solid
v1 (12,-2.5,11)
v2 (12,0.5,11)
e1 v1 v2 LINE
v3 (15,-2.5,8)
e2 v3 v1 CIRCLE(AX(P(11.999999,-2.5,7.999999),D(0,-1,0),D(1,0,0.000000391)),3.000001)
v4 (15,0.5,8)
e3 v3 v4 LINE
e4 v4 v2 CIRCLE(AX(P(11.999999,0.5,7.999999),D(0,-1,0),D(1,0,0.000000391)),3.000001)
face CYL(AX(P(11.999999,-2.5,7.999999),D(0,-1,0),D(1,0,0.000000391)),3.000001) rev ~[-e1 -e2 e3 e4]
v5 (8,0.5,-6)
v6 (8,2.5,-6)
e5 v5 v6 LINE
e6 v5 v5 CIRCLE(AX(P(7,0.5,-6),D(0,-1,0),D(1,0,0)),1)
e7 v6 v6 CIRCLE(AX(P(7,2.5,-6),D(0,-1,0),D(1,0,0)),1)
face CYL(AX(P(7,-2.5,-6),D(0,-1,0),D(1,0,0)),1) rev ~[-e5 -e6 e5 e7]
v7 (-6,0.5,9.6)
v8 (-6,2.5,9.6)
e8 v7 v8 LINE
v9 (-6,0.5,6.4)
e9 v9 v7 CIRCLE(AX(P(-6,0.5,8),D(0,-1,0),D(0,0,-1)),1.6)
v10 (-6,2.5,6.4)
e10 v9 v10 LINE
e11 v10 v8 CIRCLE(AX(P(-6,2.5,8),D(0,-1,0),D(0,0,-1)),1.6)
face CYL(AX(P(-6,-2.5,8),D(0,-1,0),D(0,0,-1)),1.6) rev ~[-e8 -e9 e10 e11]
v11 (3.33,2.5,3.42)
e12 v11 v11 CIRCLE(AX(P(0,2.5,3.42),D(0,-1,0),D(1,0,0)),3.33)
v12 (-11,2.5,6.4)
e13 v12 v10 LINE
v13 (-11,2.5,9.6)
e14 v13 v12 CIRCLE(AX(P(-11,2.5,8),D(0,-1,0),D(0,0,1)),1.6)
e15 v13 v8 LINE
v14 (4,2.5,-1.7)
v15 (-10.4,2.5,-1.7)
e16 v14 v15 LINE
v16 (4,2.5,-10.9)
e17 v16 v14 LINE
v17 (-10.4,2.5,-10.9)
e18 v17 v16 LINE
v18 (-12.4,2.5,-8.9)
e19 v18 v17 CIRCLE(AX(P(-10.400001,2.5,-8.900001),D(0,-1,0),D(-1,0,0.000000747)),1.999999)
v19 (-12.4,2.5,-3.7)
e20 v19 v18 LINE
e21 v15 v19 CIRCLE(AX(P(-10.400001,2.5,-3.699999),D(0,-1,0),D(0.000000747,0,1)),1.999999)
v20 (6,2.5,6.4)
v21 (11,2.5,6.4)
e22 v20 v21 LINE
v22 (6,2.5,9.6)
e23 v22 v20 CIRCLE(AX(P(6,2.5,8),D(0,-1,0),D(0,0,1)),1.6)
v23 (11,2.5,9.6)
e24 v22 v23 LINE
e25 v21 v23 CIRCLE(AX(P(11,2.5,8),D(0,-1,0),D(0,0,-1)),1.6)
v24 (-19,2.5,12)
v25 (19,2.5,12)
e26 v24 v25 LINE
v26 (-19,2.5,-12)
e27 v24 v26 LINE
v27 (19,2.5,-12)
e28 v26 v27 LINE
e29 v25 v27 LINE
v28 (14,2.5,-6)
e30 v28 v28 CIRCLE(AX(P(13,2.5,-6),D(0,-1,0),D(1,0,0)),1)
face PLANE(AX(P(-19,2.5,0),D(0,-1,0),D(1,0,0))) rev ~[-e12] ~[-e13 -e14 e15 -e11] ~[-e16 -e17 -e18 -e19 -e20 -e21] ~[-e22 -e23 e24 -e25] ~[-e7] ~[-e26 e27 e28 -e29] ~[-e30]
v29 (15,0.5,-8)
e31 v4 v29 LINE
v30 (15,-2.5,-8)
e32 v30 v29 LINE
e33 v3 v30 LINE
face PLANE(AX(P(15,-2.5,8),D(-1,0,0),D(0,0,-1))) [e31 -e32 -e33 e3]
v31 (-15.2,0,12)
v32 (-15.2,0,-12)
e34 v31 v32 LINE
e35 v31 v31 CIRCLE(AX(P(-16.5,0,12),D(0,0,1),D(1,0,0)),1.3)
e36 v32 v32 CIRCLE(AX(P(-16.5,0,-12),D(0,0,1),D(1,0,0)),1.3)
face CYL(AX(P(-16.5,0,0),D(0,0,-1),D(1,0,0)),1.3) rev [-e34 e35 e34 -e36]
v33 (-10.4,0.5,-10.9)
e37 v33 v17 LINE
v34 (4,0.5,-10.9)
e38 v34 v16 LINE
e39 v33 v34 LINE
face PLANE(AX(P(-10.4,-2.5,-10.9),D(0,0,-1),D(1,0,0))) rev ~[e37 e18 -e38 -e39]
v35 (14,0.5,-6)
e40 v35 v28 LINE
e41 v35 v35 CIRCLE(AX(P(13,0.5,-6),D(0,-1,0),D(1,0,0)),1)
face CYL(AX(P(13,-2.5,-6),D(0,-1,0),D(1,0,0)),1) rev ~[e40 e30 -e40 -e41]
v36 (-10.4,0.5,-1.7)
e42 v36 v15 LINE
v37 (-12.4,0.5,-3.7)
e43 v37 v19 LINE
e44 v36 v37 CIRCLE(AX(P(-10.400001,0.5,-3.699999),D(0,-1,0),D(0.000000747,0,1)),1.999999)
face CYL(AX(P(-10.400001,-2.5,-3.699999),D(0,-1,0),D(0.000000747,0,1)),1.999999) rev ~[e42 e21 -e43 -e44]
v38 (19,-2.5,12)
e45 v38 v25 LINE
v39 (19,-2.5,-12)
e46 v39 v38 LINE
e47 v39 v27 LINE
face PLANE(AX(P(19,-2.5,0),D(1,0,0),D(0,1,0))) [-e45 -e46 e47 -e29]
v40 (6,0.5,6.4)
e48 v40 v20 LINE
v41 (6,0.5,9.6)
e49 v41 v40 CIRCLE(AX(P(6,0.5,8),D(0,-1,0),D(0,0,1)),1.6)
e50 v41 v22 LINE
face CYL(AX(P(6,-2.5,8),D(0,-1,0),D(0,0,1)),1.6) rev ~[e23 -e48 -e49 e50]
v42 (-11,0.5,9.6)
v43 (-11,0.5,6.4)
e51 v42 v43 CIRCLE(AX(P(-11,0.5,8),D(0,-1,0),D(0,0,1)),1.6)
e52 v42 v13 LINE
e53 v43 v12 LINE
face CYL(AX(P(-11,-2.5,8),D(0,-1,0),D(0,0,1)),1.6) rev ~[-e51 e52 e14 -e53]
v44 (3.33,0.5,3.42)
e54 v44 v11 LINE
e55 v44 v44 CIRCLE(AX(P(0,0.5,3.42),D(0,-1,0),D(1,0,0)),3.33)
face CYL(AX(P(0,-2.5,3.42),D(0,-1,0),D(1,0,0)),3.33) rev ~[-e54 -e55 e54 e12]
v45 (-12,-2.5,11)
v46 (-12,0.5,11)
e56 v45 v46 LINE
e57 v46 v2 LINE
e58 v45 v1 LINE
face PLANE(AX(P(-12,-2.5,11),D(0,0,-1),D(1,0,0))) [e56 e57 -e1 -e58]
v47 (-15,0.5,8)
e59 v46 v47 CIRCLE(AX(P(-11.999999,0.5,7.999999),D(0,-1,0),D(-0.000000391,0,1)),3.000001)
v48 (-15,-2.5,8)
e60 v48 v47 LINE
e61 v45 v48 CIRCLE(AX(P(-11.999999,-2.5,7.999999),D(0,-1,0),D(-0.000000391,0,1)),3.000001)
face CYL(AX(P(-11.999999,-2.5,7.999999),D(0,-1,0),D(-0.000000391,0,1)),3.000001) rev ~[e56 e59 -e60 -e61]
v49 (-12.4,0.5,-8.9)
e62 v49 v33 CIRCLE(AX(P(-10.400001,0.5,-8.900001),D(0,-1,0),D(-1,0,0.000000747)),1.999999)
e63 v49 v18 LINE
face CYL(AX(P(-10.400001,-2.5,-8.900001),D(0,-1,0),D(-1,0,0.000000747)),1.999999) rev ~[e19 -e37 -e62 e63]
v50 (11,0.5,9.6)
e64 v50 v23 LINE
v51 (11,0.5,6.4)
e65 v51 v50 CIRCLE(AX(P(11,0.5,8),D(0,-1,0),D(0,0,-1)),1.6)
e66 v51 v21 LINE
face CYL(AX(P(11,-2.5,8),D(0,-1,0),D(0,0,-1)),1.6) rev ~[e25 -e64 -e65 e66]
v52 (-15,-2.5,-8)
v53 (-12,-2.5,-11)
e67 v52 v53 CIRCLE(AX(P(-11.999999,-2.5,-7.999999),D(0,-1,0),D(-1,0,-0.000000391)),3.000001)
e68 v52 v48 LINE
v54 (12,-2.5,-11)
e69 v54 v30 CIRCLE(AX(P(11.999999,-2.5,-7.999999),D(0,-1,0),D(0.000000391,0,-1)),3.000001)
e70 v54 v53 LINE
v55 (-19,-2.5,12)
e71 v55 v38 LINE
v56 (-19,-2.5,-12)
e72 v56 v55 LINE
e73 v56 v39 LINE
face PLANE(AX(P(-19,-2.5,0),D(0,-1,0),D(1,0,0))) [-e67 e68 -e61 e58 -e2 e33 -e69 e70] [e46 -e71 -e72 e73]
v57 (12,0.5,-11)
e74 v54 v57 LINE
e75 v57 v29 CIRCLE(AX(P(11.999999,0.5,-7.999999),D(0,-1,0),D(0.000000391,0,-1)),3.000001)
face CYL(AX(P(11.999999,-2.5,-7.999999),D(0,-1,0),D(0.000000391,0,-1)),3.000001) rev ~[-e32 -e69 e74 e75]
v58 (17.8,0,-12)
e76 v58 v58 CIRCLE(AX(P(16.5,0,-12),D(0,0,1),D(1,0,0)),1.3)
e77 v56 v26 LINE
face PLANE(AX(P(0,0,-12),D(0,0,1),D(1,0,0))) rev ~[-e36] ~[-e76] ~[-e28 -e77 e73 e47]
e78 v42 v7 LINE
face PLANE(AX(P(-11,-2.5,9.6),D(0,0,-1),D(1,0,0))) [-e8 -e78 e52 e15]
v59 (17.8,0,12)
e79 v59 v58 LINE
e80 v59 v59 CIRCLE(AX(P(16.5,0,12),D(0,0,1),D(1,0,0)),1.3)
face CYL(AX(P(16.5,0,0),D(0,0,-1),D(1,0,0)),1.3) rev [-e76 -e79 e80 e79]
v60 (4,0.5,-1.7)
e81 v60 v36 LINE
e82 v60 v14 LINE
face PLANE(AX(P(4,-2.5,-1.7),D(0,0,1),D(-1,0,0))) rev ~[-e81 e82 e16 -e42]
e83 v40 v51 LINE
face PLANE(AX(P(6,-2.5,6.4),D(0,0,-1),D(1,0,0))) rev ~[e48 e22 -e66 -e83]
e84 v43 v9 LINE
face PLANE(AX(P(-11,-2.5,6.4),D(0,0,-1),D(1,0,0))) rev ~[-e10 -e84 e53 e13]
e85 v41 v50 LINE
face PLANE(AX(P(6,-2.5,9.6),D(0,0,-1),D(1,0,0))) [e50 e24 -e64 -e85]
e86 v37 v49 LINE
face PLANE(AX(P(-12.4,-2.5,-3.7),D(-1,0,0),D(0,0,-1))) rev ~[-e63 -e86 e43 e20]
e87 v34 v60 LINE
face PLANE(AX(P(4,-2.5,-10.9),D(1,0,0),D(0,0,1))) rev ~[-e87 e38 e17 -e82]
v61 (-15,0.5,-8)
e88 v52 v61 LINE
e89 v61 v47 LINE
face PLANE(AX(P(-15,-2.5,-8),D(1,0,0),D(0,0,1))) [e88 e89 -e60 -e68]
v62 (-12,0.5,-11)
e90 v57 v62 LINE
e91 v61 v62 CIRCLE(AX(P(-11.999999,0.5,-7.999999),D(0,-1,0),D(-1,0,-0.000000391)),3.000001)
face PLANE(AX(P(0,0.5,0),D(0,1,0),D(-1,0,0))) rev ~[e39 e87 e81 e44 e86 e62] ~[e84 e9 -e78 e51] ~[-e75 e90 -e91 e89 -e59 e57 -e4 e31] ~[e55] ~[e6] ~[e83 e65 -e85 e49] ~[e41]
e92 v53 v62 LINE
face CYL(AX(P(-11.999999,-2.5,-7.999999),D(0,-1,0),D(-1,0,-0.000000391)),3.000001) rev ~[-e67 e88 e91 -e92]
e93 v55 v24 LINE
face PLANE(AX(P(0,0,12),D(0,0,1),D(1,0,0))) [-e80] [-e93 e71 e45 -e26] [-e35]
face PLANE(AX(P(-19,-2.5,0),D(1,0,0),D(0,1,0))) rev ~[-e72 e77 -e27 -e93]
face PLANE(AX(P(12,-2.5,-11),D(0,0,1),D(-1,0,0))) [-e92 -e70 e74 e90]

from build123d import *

# Parameters (mm, degrees)
SKETCH_W        = 38
SKETCH_H        = 5
SKETCH_R        = 1.3
PAD_DEPTH       = 12
SKETCH001_R     = 3.33
SKETCH001_R_2   = 1
POCKET_DEPTH    = 5.001
POCKET001_DEPTH = 3


with BuildPart() as part:
    # Sketch → Pad (new body, symmetric)
    with BuildSketch(Plane.XY):
        Rectangle(SKETCH_W, SKETCH_H)
        with Locations((-16.5, 0)):
            Circle(SKETCH_R, mode=Mode.SUBTRACT)
        with Locations((16.5, 0)):
            Circle(SKETCH_R, mode=Mode.SUBTRACT)
    extrude(amount=PAD_DEPTH, both=True)

    # Sketch001 (on Face3 of Pad) → Pocket (cut, through all)
    with BuildSketch(Plane.XZ.offset(2.5)):
        with Locations((0, 3.42)):
            Circle(SKETCH001_R)
        with Locations((7, -6)):
            Circle(SKETCH001_R_2)
        with Locations((13, -6)):
            Circle(SKETCH001_R_2)
        with BuildLine():
            Line((4, -1.7), (-10.4, -1.7))
            ThreePointArc((-10.4, -1.7), (-11.814214, -2.285786), (-12.4, -3.7))
            Line((-12.4, -3.7), (-12.4, -8.9))
            ThreePointArc((-12.4, -8.9), (-11.814214, -10.314214), (-10.4, -10.9))
            Line((-10.4, -10.9), (4, -10.9))
            Line((4, -10.9), (4, -1.7))
        make_face()
        with BuildLine():
            ThreePointArc((-11, 9.6), (-12.6, 8), (-11, 6.4))
            Line((-11, 6.4), (-6, 6.4))
            ThreePointArc((-6, 6.4), (-4.4, 8), (-6, 9.6))
            Line((-11, 9.6), (-6, 9.6))
        make_face()
        with BuildLine():
            ThreePointArc((6, 9.6), (4.4, 8), (6, 6.4))
            Line((6, 6.4), (11, 6.4))
            ThreePointArc((11, 6.4), (12.6, 8), (11, 9.6))
            Line((6, 9.6), (11, 9.6))
        make_face()
    extrude(amount=-POCKET_DEPTH, mode=Mode.SUBTRACT)

    # Sketch002 (on Face23 of Pocket) → Pocket001 (cut)
    with BuildSketch(Plane.XZ.offset(2.5)):
        with BuildLine():
            Line((-12, 11), (12, 11))
            ThreePointArc((15, 8), (14.12132, 10.12132), (12, 11))
            Line((15, 8), (15, -8))
            ThreePointArc((12, -11), (14.12132, -10.12132), (15, -8))
            Line((12, -11), (-12, -11))
            ThreePointArc((-15, -8), (-14.12132, -10.12132), (-12, -11))
            Line((-15, -8), (-15, 8))
            ThreePointArc((-12, 11), (-14.12132, 10.12132), (-15, 8))
        make_face()
    extrude(amount=-POCKET001_DEPTH, mode=Mode.SUBTRACT)


solid = part.part
